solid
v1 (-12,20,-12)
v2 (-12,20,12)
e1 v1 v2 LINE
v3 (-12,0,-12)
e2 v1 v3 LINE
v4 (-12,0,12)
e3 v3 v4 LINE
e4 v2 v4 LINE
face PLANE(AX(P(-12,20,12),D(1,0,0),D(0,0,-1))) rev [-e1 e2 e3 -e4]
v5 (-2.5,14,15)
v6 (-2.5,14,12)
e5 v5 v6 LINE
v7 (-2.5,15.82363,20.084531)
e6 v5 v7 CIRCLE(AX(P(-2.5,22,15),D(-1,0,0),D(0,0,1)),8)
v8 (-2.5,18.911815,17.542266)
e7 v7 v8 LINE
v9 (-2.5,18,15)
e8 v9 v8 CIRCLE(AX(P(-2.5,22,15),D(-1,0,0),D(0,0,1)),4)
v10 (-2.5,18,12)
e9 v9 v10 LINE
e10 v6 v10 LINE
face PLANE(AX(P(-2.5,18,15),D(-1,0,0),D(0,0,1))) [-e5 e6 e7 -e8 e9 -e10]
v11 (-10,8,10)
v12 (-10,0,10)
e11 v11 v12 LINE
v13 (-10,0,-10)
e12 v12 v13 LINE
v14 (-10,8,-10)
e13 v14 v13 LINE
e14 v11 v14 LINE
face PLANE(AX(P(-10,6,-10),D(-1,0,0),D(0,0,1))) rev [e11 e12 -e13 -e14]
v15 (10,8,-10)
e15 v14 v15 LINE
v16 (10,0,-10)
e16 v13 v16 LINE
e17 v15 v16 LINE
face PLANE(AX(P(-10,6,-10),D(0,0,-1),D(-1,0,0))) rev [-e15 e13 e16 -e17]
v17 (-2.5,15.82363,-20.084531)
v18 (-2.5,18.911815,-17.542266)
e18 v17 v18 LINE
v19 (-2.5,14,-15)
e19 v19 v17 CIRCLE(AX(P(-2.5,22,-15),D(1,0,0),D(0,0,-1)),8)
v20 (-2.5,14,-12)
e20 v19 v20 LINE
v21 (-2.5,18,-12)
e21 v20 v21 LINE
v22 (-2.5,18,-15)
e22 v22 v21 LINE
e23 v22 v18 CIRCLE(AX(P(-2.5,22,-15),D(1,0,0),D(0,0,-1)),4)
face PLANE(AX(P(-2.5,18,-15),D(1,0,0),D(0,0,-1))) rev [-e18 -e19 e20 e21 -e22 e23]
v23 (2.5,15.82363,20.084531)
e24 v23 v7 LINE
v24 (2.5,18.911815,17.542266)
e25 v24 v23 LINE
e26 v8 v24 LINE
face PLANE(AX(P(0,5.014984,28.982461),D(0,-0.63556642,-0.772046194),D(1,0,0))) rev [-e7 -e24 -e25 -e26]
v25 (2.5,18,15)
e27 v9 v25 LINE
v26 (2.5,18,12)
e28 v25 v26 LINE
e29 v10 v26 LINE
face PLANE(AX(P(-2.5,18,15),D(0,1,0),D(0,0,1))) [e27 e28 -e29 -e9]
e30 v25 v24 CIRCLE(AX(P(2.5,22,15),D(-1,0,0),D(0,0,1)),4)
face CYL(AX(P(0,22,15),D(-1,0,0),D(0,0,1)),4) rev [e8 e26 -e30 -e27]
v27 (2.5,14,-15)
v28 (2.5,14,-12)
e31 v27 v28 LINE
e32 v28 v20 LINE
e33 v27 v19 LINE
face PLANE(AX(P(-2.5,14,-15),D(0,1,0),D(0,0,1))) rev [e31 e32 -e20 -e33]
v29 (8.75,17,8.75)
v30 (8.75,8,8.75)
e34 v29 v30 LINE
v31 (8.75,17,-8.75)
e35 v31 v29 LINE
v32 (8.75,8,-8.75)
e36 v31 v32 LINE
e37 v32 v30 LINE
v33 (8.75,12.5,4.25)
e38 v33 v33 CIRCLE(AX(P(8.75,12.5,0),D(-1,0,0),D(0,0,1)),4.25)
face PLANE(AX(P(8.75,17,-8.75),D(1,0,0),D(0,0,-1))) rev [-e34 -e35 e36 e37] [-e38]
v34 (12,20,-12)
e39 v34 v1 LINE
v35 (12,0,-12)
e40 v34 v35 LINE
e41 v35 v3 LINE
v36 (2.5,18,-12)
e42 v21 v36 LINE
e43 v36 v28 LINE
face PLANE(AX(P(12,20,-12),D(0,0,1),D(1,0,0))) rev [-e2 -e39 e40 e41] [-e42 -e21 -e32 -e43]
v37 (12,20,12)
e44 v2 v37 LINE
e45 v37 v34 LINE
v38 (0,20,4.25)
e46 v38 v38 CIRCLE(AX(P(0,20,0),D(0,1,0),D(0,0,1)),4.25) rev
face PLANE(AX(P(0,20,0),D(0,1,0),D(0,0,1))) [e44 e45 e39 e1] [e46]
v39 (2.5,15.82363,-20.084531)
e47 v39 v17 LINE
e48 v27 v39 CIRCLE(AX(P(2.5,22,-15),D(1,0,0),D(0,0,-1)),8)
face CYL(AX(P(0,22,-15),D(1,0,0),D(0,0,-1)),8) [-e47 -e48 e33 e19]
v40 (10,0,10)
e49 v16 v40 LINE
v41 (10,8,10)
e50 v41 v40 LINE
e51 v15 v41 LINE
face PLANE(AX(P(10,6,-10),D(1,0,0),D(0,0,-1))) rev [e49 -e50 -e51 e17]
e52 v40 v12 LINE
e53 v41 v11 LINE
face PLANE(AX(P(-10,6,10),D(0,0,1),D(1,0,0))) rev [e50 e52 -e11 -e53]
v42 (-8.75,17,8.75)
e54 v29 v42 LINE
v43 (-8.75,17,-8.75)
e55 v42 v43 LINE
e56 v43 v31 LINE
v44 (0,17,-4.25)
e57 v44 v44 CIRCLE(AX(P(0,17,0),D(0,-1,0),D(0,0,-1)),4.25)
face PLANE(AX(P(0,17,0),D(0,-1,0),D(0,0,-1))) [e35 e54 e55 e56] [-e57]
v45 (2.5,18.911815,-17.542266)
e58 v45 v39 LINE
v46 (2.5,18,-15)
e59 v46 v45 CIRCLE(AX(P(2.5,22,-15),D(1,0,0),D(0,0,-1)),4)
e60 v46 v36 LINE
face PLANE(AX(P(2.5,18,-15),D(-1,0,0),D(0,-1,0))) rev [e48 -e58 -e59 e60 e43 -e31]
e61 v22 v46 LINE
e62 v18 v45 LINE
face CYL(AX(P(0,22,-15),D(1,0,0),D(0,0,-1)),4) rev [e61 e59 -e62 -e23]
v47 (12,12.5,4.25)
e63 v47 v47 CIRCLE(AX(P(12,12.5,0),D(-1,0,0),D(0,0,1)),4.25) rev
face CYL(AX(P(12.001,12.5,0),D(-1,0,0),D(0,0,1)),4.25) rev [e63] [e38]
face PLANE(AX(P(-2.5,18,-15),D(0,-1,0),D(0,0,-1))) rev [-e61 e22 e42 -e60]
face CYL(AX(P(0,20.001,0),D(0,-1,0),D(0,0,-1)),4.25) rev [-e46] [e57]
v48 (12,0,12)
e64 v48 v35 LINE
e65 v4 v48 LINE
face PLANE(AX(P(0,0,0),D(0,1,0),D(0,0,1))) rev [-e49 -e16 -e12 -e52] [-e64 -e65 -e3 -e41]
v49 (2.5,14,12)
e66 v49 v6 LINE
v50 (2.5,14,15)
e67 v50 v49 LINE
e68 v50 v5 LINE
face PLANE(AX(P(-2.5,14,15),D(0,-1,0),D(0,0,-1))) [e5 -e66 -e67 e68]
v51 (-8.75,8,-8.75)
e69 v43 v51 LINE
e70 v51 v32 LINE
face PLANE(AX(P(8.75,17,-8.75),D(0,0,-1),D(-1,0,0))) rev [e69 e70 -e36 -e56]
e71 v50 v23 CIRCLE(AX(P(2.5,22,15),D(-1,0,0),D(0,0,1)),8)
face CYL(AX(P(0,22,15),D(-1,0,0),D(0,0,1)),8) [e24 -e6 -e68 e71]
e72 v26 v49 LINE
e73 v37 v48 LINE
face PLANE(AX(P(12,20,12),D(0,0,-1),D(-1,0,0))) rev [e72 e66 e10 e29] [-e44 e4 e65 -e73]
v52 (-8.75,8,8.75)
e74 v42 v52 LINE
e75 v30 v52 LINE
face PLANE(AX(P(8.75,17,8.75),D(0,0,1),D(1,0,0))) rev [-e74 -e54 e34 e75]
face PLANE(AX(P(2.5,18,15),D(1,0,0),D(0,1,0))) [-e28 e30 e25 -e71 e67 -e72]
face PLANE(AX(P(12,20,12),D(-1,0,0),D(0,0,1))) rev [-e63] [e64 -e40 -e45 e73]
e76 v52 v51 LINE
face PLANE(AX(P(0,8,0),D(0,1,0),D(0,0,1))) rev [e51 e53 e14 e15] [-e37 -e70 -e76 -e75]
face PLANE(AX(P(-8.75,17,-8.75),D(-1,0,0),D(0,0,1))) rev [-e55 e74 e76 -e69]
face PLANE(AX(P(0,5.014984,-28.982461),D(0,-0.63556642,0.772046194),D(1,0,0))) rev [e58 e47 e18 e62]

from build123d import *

# Parameters (mm, degrees)
SKETCH1_W           = 24
SKETCH1_H           = 24
BOSS_EXTRUDE1_DEPTH = 20
SKETCH5_W           = 5
SKETCH5_H           = 4
SKETCH3_W           = 20
SKETCH3_H           = 20
CUT_EXTRUDE5_DEPTH  = 6
SKETCH14_W          = 20
SKETCH14_H          = 20
CUT_EXTRUDE6_DEPTH  = 2
SKETCH15_W          = 17.5
SKETCH15_H          = 17.5
CUT_EXTRUDE7_DEPTH  = 9
CUT_EXTRUDE8_REACH  = 5
SKETCH16_R          = 4.25
CUT_EXTRUDE9_REACH  = 5.25
SKETCH17_R          = 4.25


with BuildPart() as part:
    # Sketch1 → Boss-Extrude1 (new body)
    with BuildSketch(Plane(origin=(0, 0, 0), x_dir=(1, 0, 0), z_dir=(0, 1, 0))):
        Rectangle(SKETCH1_W, SKETCH1_H)
    extrude(amount=BOSS_EXTRUDE1_DEPTH)

    # Sweep1: sweep along a path in Sketch6
    with BuildLine(Plane(origin=(0, 0, 0), x_dir=(0, 0, -1), z_dir=(1, 0, 0))) as sweep1_path:
        Line((12, 16), (15, 16))
        ThreePointArc((15, 16), (17.025627927, 16.352272006), (18.813398517, 17.367722833))
    # Sketch5 → Sweep1 (sweep)
    with BuildSketch(Plane(origin=(0, 0, -12), x_dir=(-1, 0, 0), z_dir=(0, 0, -1))):
        with Locations((0, 16)):
            Rectangle(SKETCH5_W, SKETCH5_H)
    sweep1 = sweep(path=sweep1_path.line)

    # Mirror1: Sweep1 across plane
    add(sweep1.mirror(Plane.XY))

    # Sketch3 → Cut-Extrude5 (cut)
    with BuildSketch(Plane.XZ):
        Rectangle(SKETCH3_W, SKETCH3_H)
    extrude(amount=-CUT_EXTRUDE5_DEPTH, mode=Mode.SUBTRACT)

    # Sketch14 → Cut-Extrude6 (cut)
    with BuildSketch(Plane.XZ.offset(-6)):
        Rectangle(SKETCH14_W, SKETCH14_H)
    extrude(amount=-CUT_EXTRUDE6_DEPTH, mode=Mode.SUBTRACT)

    # Sketch15 → Cut-Extrude7 (cut)
    with BuildSketch(Plane.XZ.offset(-8)):
        Rectangle(SKETCH15_W, SKETCH15_H)
    extrude(amount=-CUT_EXTRUDE7_DEPTH, mode=Mode.SUBTRACT)

    # Sketch16 → Cut-Extrude8 (cut, up to next)
    with BuildSketch(Plane.XZ.offset(-17), mode=Mode.PRIVATE) as cut_extrude8_sk1:
        Circle(SKETCH16_R)
    cut_extrude8_tool1 = extrude(cut_extrude8_sk1.sketch, amount=-CUT_EXTRUDE8_REACH, mode=Mode.PRIVATE) & part.part
    add(cut_extrude8_tool1.solids().sort_by_distance((0, 17, 0))[0], mode=Mode.SUBTRACT)

    # Sketch17 → Cut-Extrude9 (cut, up to next)
    with BuildSketch(Plane.ZY.offset(-8.75), mode=Mode.PRIVATE) as cut_extrude9_sk1:
        with Locations((0, 12.5)):
            Circle(SKETCH17_R)
    cut_extrude9_tool1 = extrude(cut_extrude9_sk1.sketch, amount=-CUT_EXTRUDE9_REACH, mode=Mode.PRIVATE) & part.part
    add(cut_extrude9_tool1.solids().sort_by_distance((8.75, 12.5, 0))[0], mode=Mode.SUBTRACT)


solid = part.part
